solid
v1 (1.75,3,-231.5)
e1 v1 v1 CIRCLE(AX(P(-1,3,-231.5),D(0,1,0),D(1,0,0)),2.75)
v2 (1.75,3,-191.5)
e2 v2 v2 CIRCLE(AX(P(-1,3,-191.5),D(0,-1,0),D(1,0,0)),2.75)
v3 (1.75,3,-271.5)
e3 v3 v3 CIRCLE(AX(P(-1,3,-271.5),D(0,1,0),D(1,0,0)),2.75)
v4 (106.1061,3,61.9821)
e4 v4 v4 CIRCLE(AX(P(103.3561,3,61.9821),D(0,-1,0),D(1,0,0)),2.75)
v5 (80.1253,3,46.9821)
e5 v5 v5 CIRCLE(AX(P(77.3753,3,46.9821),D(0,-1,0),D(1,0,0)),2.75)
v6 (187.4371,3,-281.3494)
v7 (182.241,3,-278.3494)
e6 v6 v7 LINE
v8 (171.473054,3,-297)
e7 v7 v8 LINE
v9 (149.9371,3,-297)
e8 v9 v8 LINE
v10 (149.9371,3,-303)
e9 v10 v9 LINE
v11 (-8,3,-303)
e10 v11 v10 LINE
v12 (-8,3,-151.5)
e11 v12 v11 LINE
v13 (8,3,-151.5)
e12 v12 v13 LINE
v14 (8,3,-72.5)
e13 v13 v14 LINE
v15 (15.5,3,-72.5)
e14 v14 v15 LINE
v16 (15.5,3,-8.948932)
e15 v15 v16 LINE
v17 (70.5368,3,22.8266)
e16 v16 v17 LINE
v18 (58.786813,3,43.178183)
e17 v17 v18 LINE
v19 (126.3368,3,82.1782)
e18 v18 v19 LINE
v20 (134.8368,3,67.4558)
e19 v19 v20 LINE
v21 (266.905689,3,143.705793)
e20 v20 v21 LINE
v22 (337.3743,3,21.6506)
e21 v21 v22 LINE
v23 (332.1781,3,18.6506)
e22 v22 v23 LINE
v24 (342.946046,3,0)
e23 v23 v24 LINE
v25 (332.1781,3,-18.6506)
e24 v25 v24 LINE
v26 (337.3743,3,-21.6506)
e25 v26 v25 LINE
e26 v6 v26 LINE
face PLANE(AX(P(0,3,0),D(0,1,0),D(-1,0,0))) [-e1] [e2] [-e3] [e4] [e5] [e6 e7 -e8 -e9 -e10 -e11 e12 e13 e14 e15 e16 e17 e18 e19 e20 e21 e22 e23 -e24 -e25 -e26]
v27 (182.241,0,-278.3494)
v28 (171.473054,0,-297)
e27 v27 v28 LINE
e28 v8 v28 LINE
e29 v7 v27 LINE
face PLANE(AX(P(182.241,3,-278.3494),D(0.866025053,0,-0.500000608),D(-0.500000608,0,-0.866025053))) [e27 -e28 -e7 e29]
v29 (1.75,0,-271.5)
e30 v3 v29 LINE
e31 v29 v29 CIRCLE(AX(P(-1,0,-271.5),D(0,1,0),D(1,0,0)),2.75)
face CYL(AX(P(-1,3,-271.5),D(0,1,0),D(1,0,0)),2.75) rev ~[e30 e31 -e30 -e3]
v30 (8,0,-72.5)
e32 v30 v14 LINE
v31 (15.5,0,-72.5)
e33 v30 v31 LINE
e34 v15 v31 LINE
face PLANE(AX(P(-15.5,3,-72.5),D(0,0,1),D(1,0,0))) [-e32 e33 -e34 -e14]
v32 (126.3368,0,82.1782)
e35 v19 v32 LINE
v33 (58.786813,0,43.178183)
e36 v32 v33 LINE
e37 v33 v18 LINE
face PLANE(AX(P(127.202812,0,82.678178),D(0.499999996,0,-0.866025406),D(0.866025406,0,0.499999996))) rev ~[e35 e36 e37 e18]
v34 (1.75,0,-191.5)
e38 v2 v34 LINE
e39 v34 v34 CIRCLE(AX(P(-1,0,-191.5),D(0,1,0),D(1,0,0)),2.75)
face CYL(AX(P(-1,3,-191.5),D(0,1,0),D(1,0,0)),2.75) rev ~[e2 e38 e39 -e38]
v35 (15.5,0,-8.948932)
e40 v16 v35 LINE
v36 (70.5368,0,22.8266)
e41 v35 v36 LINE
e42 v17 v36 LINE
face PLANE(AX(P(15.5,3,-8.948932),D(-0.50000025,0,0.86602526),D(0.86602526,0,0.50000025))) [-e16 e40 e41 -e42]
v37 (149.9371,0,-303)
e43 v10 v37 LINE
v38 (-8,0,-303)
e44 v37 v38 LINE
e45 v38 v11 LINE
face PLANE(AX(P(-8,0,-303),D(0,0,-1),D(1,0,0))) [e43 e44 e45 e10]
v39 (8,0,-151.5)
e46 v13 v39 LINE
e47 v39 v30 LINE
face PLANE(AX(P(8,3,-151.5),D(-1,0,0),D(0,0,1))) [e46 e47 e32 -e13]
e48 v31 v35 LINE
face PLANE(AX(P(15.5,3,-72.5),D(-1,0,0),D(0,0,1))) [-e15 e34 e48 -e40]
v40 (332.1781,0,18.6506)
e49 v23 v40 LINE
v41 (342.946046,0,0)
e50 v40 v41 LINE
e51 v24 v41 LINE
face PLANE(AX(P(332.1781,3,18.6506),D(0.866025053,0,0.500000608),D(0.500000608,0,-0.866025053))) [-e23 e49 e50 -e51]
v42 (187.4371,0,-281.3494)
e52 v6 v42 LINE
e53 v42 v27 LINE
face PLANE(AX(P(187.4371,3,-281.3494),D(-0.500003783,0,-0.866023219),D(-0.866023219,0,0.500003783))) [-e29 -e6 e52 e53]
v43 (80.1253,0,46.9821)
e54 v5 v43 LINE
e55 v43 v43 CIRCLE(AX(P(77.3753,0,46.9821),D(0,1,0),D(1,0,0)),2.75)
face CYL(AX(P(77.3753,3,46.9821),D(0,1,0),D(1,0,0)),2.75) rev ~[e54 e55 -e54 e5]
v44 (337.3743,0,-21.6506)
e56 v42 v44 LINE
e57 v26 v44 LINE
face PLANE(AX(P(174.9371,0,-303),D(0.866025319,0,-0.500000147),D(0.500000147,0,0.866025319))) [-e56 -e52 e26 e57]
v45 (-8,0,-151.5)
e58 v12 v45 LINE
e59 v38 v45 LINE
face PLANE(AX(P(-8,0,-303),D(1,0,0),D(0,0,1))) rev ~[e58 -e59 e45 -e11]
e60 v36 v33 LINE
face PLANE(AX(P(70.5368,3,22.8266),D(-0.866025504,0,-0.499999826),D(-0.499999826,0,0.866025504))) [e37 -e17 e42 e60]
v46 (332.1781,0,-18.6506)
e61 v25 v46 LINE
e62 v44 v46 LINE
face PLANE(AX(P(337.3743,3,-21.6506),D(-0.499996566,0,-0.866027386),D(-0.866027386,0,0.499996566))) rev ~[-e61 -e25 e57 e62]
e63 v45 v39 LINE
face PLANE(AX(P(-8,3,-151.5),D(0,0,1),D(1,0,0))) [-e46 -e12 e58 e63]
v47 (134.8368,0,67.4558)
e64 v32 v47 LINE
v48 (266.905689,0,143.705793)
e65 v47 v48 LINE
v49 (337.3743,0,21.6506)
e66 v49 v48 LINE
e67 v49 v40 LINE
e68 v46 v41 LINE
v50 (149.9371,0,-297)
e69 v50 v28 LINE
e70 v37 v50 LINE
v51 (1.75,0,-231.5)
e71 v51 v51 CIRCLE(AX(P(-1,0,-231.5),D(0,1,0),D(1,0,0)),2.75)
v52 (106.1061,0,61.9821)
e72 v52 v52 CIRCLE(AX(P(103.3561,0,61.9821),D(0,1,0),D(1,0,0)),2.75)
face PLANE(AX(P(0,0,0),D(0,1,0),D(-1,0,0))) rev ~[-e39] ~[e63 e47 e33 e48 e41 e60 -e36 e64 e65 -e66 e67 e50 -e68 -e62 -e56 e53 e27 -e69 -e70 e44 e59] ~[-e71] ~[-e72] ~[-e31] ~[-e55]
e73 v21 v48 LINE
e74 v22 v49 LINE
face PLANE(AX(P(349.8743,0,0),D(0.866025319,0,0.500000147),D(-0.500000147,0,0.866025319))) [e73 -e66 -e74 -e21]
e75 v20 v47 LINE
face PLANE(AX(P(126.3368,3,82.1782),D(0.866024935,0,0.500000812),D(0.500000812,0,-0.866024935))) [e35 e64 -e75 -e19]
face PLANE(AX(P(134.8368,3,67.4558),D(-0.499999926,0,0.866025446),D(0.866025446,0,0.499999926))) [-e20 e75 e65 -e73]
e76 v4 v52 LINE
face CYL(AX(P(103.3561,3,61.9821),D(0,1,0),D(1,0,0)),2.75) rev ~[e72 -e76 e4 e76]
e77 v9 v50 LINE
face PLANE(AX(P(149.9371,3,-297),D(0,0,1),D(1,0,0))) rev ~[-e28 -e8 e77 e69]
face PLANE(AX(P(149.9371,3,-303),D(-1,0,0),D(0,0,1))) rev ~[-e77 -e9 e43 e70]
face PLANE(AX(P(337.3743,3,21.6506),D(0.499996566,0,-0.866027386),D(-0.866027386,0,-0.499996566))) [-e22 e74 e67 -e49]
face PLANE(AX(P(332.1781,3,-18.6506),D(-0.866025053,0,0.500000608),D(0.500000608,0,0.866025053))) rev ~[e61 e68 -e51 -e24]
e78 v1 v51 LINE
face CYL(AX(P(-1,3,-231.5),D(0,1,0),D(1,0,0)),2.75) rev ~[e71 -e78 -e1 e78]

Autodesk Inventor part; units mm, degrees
ref_plane "YZ Plane" through (0, 0, 0) normal (1, 0, 0) x (0, 1, 0)
ref_plane "XZ Plane" through (0, 0, 0) normal (0, 1, 0) x (-1, 0, 0)
ref_plane "XY Plane" through (0, 0, 0) normal (0, 0, 1) x (1, 0, 0)
sketch "Sketch1" plane through (0, 0, 0) normal (0, 1, 0) x (-1, 0, 0)
  line L0 (349.8743, 0) -> (258.4057, -158.4282)
  line L1 (174.9371, -303) -> (-174.9371, -303)
  line L2 (-174.9371, -303) -> (-349.8743, 0)
  line L3 (-349.8743, 0) -> (-174.9371, 303)
  line L4 (-174.9371, 303) -> (174.9371, 303)
  line L5 (258.4057, 158.4282) -> (349.8743, 0)
  line L6 (0, 0) -> (-8, 0)
  line L7 (-8, 0) -> (-8, -303)
  line L8 (-8, -303) -> (8, -303)
  line L9 (8, -303) -> (8, 0)
  line L10 (8, 0) -> (-8, 0)
  circle A0 centre (0, 0) radius 2.5
  line L11 (258.4057, 158.4282) -> (-4, 6.9282)
  line L12 (4, -6.9282) -> (266.4057, 144.5718)
  line L13 (-4, 6.9282) -> (4, -6.9282)
  line L14 (-266.4057, 144.5718) -> (-4, -6.9282)
  line L15 (4, 6.9282) -> (-258.4057, 158.4282)
  line L16 (-4, -6.9282) -> (4, 6.9282)
  line L17 (8, -4.6188) -> (8, -151.5)
  line L18 (8, -151.5) -> (-8, -151.5)
  line L19 (-8, -151.5) -> (-8, -303)
  line L20 (-8, -4.6188) -> (-4, -6.9282)
  line L21 (4, -6.9282) -> (-4, -6.9282)
  line L22 (-266.4057, 144.5718) -> (-258.4057, 158.4282)
  line L23 (-127.2028, 82.6782) -> (-135.2028, 68.8218)
  line L24 (-135.2028, 68.8218) -> (-8, -4.6188)
  line L25 (-266.4057, 144.5718) -> (-349.8743, 0)
  line L26 (-174.9371, -303) -> (-349.8743, 0)
  line L27 (-174.9371, -303) -> (-8, -303)
  line L28 (0, 9.2376) -> (8, 0)
  dimension "d0" = 303
  dimension "d1" = 303
  dimension "d2" = 8
  dimension "d3" = 16
  dimension "d4" = 5
  dimension "d7" = 360
extrude "Extrusion1" add sketch "Sketch1" along normal blind 3 contours L1 L7 L18 L9 | L1 L2 L3 L14 L7 | L18 L7 L14 L21 L12 L9 | L12 L13 A0 L10 L9 | L14 L23 L15 L11 L13 A0 L6 L7 | L7 L6 A0 L16 L14 | L10 A0 L16 L28 | L21 L16 A0 L13 | L3 L15 L23 L14 | A0 L13 L10 | L10 L16 A0 | L28 L15 L16 | L16 A0 L13 L11 L28 | A0 L16 L13 | A0 L13 L6 | L6 L16 A0 | L13 A0 L16
sketch "Sketch2" plane through (0, 3, 0) normal (0, 1, 0) x (1, 0, 0)
  line L0 (-8, 303) -> (-8, 0) projected
  line L1 (-8, 0) -> (-8, 151.5)
  line L2 (-8, 151.5) -> (8, 151.5)
  line L3 (8, 151.5) -> (8, 0)
  line L4 (8, 0) -> (-8, 0)
  line L5 (0, -9.2376) -> (258.4057, -158.4282) projected
  line L6 (258.4057, -158.4282) -> (126.3368, -82.1782)
  line L7 (126.3368, -82.1782) -> (134.8368, -67.4558)
  line L8 (134.8368, -67.4558) -> (266.9057, -143.7058)
  line L9 (266.9057, -143.7058) -> (258.4057, -158.4282)
  point P0 (0, 0)
  dimension "d11" = 151.5
  dimension "d12" = 16
  dimension "d13" = 152.5
  dimension "d14" = 17
extrude "Extrusion2" cut sketch "Sketch2" against normal blind 3
sketch "Sketch3" plane through (0, 3, 0) normal (0, 1, 0) x (1, 0, 0)
  line L0 (174.9371, 303) -> (-8, 303) projected
  line L1 (174.9371, 303) -> (149.9371, 303)
  line L2 (149.9371, 303) -> (149.9371, 297)
  line L3 (149.9371, 297) -> (174.9371, 297)
  line L4 (174.9371, 297) -> (174.9371, 303)
  line L5 (349.8743, 0) -> (174.9371, 303) projected
  line L6 (174.9371, 303) -> (187.4371, 281.3494)
  line L7 (187.4371, 281.3494) -> (182.241, 278.3494)
  line L8 (182.241, 278.3494) -> (169.741, 300)
  line L9 (169.741, 300) -> (174.9371, 303)
  line L10 (349.8743, 0) -> (337.3743, 21.6506)
  line L11 (337.3743, 21.6506) -> (332.1781, 18.6506)
  line L12 (332.1781, 18.6506) -> (344.6781, -3)
  line L13 (344.6781, -3) -> (349.8743, 0)
  line L14 (349.8743, 0) -> (337.3743, -21.6506)
  line L15 (337.3743, -21.6506) -> (332.1781, -18.6506)
  line L16 (332.1781, -18.6506) -> (344.6781, 3)
  line L17 (344.6781, 3) -> (349.8743, 0)
  line L18 (349.8743, 0) -> (266.9057, -143.7058) projected
  line L19 (349.8743, 0) -> (374.8743, 0) construction
  point P0 (0, 0)
  dimension "d17" = 25
  dimension "d18" = 6
  dimension "d19" = 25
  dimension "d20" = 6
  dimension "d21" = 25
  dimension "d22" = 6
  dimension "d23" = 25
  dimension "d24" = 120
  dimension "d25" = 6
extrude "Extrusion3" cut sketch "Sketch3" against normal blind 3
sketch "Sketch4" plane through (0, 3, 0) normal (0, 1, 0) x (1, 0, 0)
  line L0 (-55.0368, 49.6734) -> (70.5368, -22.8266)
  line L1 (70.5368, -22.8266) -> (55.0368, -49.6734)
  line L2 (55.0368, -49.6734) -> (-70.5368, 22.8266)
  line L3 (-70.5368, 22.8266) -> (-55.0368, 49.6734)
  line L4 (-55.0368, 49.6734) -> (55.0368, -49.6734) construction
  line L5 (70.5368, -22.8266) -> (-70.5368, 22.8266) construction
  line L6 (-55.0368, 49.6734) -> (89.9632, 49.6734) construction
  line L7 (-15.5, -72.5) -> (-15.5, 72.5)
  line L8 (-15.5, 72.5) -> (15.5, 72.5)
  line L9 (15.5, 72.5) -> (15.5, -72.5)
  line L10 (15.5, -72.5) -> (-15.5, -72.5)
  line L11 (-15.5, -72.5) -> (15.5, 72.5) construction
  line L12 (-15.5, 72.5) -> (15.5, -72.5) construction
  line L13 (-8, 0) -> (8, 0) projected
  line L14 (-15.5, -72.5) -> (129.5, -72.5) construction
  point P0 (0, 0)
  dimension "d28" = 145
  dimension "d29" = 30
  dimension "d30" = 31
  dimension "d31" = 145
  dimension "d32" = 90
  dimension "d33" = 31
extrude "Extrusion4" cut sketch "Sketch4" against normal blind 3
sketch "Sketch5" plane through (0, 3, 0) normal (0, 1, 0) x (1, 0, 0)
  line L0 (-1, 151.5) -> (-1, 191.5)
  circle A0 centre (-1, 191.5) radius 2.75
  circle A1 centre (-1, 231.5) radius 2.75
  circle A2 centre (-1, 271.5) radius 2.75
  circle A3 centre (0, 0) radius 0.5
  line L1 (126.3368, -82.1782) -> (134.8368, -67.4558) projected
  line L2 (126.3368, -82.1782) -> (129.3368, -76.9821)
  line L3 (129.3368, -76.9821) -> (103.3561, -61.9821)
  line L4 (103.3561, -61.9821) -> (77.3753, -46.9821)
  circle A4 centre (103.3561, -61.9821) radius 2.75
  circle A5 centre (77.3753, -46.9821) radius 2.75
  line L5 (-8, 303) -> (-8, 151.5) projected
  dimension "d36" = 40
  dimension "d37" = 5.5
  dimension "d40" = 40
  dimension "d45" = 1
  dimension "d46" = 6
  dimension "d47" = 30
  dimension "d48" = 30
  dimension "d49" = 5.5
  dimension "d50" = 5.5
  dimension "d53" = 7
extrude "Extrusion5" cut sketch "Sketch5" against normal blind 3 contours A0 | A1 | A2 | A4 L4 L3 | A5 | L3 L4 A4
sketch "Sketch6" plane through (0, 3, 0) normal (0, 1, 0) x (1, 0, 0)
  line L0 (-8, 303) -> (-8, 151.5) projected
  line L1 (-8, 303) -> (344, 303)
  line L2 (344, 303) -> (344, -147)
  line L3 (344, -147) -> (-8, -147)
  line L4 (-8, -147) -> (-8, 303)
  point P0 (0, 0)
  dimension "d54" = 352
  dimension "d55" = 450
properties part number "Acrylic_bottom"
